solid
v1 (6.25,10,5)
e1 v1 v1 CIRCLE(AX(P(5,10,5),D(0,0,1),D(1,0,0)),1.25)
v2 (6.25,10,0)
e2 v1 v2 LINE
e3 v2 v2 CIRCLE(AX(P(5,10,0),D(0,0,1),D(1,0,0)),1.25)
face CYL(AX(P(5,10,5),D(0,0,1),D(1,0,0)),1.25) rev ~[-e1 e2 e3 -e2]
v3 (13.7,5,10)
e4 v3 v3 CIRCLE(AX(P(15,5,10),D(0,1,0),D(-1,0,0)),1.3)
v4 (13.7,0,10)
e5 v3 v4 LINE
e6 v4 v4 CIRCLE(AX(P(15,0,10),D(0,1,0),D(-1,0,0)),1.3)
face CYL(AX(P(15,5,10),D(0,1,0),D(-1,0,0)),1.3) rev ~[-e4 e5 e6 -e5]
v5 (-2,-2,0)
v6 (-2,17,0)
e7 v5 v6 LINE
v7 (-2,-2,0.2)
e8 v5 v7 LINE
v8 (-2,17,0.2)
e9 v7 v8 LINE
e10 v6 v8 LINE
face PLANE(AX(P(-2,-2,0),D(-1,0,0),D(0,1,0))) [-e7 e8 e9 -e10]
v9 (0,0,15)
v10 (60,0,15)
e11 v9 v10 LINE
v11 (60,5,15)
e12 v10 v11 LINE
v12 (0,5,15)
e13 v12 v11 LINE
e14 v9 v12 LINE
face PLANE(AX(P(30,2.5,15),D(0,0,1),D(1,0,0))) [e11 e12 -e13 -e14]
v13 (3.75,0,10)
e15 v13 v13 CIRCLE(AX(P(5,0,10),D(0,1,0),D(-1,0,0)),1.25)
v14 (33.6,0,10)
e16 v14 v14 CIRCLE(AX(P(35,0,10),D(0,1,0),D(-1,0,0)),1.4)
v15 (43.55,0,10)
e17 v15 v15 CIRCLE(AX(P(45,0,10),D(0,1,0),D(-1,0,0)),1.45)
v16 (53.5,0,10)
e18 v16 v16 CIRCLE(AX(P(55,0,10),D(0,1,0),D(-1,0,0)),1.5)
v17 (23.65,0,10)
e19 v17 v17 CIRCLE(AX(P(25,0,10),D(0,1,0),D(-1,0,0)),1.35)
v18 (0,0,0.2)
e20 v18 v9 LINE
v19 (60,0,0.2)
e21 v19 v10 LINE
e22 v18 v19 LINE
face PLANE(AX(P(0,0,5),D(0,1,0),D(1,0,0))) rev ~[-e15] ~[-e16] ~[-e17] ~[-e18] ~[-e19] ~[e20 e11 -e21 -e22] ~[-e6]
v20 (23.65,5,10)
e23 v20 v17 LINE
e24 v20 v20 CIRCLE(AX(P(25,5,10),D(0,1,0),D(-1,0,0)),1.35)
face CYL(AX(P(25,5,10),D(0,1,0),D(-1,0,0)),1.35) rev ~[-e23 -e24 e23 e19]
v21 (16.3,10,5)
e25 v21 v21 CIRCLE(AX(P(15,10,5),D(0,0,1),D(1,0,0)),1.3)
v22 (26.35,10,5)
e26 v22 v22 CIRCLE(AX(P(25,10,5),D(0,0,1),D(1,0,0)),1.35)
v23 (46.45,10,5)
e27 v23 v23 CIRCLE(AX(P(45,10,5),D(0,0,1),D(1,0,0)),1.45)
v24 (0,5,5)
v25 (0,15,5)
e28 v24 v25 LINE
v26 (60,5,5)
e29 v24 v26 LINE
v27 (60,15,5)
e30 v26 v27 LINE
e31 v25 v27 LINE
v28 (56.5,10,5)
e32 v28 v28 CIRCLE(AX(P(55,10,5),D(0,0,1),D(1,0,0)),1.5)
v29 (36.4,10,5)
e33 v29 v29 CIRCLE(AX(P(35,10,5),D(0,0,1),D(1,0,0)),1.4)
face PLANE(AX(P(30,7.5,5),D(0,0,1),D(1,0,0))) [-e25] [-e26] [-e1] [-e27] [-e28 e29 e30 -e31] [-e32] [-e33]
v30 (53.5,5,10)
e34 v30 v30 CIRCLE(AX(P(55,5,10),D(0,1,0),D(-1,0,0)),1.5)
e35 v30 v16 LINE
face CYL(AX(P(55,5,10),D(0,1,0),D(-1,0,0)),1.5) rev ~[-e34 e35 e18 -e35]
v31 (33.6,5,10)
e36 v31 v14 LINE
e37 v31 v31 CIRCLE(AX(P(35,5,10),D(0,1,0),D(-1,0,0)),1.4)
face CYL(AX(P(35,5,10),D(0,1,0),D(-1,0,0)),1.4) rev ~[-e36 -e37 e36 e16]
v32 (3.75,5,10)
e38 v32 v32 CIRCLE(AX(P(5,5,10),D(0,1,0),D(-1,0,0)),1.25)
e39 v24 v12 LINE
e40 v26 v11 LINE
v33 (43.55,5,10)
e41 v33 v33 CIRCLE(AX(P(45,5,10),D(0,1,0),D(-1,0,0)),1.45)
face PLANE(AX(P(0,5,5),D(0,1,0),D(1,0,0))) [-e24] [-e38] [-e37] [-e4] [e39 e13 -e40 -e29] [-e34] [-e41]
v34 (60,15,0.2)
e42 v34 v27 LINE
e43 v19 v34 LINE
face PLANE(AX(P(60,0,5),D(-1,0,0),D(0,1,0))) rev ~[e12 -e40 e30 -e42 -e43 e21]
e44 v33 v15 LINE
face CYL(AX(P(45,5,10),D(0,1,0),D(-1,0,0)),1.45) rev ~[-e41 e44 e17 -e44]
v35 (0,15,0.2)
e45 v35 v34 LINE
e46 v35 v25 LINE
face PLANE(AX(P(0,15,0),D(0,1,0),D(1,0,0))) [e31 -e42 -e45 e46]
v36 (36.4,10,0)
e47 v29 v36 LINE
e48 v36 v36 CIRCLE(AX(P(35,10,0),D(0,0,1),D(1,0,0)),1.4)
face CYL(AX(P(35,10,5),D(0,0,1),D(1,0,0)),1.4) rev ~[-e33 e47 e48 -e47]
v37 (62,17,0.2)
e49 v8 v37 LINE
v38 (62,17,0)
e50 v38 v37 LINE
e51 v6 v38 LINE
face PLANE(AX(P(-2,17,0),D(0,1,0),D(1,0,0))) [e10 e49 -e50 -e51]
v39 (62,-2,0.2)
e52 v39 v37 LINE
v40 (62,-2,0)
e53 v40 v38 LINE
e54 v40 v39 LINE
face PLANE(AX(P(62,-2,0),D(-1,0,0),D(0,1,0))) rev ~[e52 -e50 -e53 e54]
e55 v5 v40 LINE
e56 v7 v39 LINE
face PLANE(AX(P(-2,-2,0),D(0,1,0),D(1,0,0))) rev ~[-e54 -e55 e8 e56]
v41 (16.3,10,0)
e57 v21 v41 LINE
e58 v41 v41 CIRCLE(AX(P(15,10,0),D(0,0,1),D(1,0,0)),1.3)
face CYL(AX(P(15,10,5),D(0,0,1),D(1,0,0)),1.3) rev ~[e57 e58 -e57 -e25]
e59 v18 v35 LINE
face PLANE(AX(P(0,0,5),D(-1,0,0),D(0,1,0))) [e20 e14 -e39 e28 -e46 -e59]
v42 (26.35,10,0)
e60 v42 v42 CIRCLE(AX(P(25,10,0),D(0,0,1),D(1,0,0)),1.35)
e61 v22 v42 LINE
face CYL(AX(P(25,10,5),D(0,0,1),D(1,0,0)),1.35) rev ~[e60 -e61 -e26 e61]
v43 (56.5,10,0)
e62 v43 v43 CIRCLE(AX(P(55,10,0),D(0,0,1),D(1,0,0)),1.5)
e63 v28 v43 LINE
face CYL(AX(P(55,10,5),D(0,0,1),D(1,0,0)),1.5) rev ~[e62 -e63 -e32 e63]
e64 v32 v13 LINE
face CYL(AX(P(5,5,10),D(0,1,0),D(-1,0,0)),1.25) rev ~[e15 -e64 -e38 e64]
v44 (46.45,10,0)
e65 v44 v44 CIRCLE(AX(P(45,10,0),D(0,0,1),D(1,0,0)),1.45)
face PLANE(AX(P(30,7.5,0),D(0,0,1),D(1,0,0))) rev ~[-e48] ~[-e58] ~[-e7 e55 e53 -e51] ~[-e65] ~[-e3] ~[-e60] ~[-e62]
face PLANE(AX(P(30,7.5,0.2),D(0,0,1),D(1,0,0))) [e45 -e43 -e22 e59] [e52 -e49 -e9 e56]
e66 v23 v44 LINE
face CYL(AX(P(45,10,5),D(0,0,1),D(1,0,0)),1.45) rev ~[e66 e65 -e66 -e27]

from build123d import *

# Parameters (mm, degrees)
F0_W     = 60
F0_H     = 15
F1_DEPTH = 5
F2_W     = 60
F2_H     = 5
F3_DEPTH = 10
F4_R     = 1.25
F4_R_2   = 1.3
F4_R_3   = 1.35
F4_R_4   = 1.4
F4_R_5   = 1.45
F4_R_6   = 1.5
F5_DEPTH = 5
F6_R     = 1.5
F6_R_2   = 1.45
F6_R_3   = 1.4
F6_R_4   = 1.35
F6_R_5   = 1.3
F6_R_6   = 1.25
F7_DEPTH = 5
F8_W     = 64
F8_H     = 19
F8_W_2   = 60
F8_H_2   = 15
F9_DEPTH = 0.2


with BuildPart() as f1:
    # F0 (on Top) → F1 (new body)
    with BuildSketch(Plane.XY):
        with Locations((30, 7.5)):
            Rectangle(F0_W, F0_H)
    extrude(amount=F1_DEPTH)

    # F2 (on face) → F3 (join)
    with BuildSketch(Plane.XY.offset(5)):
        with Locations((30, 2.5)):
            Rectangle(F2_W, F2_H)
    extrude(amount=F3_DEPTH)

    # F4 (on face) → F5 (cut, through all)
    with BuildSketch(Plane.XY.offset(5)):
        with Locations((5, 10)):
            Circle(F4_R)
        with Locations((15, 10)):
            Circle(F4_R_2)
        with Locations((25, 10)):
            Circle(F4_R_3)
        with Locations((35, 10)):
            Circle(F4_R_4)
        with Locations((45, 10)):
            Circle(F4_R_5)
        with Locations((55, 10)):
            Circle(F4_R_6)
    extrude(amount=-F5_DEPTH, mode=Mode.SUBTRACT)

    # F6 (on face) → F7 (cut, through all)
    with BuildSketch(Plane(origin=(0, 5, 0), x_dir=(-1, 0, 0), z_dir=(0, 1, 0))):
        with Locations((-55, 10)):
            Circle(F6_R)
        with Locations((-45, 10)):
            Circle(F6_R_2)
        with Locations((-35, 10)):
            Circle(F6_R_3)
        with Locations((-25, 10)):
            Circle(F6_R_4)
        with Locations((-15, 10)):
            Circle(F6_R_5)
        with Locations((-5, 10)):
            Circle(F6_R_6)
    extrude(amount=-F7_DEPTH, mode=Mode.SUBTRACT)

    # F8 (on Top) → F9 (join)
    with BuildSketch(Plane.XY):
        with Locations((30, 7.5)):
            Rectangle(F8_W, F8_H)
        with Locations((30, 7.5)):
            Rectangle(F8_W_2, F8_H_2, mode=Mode.SUBTRACT)
    extrude(amount=F9_DEPTH)


solid = f1.part
